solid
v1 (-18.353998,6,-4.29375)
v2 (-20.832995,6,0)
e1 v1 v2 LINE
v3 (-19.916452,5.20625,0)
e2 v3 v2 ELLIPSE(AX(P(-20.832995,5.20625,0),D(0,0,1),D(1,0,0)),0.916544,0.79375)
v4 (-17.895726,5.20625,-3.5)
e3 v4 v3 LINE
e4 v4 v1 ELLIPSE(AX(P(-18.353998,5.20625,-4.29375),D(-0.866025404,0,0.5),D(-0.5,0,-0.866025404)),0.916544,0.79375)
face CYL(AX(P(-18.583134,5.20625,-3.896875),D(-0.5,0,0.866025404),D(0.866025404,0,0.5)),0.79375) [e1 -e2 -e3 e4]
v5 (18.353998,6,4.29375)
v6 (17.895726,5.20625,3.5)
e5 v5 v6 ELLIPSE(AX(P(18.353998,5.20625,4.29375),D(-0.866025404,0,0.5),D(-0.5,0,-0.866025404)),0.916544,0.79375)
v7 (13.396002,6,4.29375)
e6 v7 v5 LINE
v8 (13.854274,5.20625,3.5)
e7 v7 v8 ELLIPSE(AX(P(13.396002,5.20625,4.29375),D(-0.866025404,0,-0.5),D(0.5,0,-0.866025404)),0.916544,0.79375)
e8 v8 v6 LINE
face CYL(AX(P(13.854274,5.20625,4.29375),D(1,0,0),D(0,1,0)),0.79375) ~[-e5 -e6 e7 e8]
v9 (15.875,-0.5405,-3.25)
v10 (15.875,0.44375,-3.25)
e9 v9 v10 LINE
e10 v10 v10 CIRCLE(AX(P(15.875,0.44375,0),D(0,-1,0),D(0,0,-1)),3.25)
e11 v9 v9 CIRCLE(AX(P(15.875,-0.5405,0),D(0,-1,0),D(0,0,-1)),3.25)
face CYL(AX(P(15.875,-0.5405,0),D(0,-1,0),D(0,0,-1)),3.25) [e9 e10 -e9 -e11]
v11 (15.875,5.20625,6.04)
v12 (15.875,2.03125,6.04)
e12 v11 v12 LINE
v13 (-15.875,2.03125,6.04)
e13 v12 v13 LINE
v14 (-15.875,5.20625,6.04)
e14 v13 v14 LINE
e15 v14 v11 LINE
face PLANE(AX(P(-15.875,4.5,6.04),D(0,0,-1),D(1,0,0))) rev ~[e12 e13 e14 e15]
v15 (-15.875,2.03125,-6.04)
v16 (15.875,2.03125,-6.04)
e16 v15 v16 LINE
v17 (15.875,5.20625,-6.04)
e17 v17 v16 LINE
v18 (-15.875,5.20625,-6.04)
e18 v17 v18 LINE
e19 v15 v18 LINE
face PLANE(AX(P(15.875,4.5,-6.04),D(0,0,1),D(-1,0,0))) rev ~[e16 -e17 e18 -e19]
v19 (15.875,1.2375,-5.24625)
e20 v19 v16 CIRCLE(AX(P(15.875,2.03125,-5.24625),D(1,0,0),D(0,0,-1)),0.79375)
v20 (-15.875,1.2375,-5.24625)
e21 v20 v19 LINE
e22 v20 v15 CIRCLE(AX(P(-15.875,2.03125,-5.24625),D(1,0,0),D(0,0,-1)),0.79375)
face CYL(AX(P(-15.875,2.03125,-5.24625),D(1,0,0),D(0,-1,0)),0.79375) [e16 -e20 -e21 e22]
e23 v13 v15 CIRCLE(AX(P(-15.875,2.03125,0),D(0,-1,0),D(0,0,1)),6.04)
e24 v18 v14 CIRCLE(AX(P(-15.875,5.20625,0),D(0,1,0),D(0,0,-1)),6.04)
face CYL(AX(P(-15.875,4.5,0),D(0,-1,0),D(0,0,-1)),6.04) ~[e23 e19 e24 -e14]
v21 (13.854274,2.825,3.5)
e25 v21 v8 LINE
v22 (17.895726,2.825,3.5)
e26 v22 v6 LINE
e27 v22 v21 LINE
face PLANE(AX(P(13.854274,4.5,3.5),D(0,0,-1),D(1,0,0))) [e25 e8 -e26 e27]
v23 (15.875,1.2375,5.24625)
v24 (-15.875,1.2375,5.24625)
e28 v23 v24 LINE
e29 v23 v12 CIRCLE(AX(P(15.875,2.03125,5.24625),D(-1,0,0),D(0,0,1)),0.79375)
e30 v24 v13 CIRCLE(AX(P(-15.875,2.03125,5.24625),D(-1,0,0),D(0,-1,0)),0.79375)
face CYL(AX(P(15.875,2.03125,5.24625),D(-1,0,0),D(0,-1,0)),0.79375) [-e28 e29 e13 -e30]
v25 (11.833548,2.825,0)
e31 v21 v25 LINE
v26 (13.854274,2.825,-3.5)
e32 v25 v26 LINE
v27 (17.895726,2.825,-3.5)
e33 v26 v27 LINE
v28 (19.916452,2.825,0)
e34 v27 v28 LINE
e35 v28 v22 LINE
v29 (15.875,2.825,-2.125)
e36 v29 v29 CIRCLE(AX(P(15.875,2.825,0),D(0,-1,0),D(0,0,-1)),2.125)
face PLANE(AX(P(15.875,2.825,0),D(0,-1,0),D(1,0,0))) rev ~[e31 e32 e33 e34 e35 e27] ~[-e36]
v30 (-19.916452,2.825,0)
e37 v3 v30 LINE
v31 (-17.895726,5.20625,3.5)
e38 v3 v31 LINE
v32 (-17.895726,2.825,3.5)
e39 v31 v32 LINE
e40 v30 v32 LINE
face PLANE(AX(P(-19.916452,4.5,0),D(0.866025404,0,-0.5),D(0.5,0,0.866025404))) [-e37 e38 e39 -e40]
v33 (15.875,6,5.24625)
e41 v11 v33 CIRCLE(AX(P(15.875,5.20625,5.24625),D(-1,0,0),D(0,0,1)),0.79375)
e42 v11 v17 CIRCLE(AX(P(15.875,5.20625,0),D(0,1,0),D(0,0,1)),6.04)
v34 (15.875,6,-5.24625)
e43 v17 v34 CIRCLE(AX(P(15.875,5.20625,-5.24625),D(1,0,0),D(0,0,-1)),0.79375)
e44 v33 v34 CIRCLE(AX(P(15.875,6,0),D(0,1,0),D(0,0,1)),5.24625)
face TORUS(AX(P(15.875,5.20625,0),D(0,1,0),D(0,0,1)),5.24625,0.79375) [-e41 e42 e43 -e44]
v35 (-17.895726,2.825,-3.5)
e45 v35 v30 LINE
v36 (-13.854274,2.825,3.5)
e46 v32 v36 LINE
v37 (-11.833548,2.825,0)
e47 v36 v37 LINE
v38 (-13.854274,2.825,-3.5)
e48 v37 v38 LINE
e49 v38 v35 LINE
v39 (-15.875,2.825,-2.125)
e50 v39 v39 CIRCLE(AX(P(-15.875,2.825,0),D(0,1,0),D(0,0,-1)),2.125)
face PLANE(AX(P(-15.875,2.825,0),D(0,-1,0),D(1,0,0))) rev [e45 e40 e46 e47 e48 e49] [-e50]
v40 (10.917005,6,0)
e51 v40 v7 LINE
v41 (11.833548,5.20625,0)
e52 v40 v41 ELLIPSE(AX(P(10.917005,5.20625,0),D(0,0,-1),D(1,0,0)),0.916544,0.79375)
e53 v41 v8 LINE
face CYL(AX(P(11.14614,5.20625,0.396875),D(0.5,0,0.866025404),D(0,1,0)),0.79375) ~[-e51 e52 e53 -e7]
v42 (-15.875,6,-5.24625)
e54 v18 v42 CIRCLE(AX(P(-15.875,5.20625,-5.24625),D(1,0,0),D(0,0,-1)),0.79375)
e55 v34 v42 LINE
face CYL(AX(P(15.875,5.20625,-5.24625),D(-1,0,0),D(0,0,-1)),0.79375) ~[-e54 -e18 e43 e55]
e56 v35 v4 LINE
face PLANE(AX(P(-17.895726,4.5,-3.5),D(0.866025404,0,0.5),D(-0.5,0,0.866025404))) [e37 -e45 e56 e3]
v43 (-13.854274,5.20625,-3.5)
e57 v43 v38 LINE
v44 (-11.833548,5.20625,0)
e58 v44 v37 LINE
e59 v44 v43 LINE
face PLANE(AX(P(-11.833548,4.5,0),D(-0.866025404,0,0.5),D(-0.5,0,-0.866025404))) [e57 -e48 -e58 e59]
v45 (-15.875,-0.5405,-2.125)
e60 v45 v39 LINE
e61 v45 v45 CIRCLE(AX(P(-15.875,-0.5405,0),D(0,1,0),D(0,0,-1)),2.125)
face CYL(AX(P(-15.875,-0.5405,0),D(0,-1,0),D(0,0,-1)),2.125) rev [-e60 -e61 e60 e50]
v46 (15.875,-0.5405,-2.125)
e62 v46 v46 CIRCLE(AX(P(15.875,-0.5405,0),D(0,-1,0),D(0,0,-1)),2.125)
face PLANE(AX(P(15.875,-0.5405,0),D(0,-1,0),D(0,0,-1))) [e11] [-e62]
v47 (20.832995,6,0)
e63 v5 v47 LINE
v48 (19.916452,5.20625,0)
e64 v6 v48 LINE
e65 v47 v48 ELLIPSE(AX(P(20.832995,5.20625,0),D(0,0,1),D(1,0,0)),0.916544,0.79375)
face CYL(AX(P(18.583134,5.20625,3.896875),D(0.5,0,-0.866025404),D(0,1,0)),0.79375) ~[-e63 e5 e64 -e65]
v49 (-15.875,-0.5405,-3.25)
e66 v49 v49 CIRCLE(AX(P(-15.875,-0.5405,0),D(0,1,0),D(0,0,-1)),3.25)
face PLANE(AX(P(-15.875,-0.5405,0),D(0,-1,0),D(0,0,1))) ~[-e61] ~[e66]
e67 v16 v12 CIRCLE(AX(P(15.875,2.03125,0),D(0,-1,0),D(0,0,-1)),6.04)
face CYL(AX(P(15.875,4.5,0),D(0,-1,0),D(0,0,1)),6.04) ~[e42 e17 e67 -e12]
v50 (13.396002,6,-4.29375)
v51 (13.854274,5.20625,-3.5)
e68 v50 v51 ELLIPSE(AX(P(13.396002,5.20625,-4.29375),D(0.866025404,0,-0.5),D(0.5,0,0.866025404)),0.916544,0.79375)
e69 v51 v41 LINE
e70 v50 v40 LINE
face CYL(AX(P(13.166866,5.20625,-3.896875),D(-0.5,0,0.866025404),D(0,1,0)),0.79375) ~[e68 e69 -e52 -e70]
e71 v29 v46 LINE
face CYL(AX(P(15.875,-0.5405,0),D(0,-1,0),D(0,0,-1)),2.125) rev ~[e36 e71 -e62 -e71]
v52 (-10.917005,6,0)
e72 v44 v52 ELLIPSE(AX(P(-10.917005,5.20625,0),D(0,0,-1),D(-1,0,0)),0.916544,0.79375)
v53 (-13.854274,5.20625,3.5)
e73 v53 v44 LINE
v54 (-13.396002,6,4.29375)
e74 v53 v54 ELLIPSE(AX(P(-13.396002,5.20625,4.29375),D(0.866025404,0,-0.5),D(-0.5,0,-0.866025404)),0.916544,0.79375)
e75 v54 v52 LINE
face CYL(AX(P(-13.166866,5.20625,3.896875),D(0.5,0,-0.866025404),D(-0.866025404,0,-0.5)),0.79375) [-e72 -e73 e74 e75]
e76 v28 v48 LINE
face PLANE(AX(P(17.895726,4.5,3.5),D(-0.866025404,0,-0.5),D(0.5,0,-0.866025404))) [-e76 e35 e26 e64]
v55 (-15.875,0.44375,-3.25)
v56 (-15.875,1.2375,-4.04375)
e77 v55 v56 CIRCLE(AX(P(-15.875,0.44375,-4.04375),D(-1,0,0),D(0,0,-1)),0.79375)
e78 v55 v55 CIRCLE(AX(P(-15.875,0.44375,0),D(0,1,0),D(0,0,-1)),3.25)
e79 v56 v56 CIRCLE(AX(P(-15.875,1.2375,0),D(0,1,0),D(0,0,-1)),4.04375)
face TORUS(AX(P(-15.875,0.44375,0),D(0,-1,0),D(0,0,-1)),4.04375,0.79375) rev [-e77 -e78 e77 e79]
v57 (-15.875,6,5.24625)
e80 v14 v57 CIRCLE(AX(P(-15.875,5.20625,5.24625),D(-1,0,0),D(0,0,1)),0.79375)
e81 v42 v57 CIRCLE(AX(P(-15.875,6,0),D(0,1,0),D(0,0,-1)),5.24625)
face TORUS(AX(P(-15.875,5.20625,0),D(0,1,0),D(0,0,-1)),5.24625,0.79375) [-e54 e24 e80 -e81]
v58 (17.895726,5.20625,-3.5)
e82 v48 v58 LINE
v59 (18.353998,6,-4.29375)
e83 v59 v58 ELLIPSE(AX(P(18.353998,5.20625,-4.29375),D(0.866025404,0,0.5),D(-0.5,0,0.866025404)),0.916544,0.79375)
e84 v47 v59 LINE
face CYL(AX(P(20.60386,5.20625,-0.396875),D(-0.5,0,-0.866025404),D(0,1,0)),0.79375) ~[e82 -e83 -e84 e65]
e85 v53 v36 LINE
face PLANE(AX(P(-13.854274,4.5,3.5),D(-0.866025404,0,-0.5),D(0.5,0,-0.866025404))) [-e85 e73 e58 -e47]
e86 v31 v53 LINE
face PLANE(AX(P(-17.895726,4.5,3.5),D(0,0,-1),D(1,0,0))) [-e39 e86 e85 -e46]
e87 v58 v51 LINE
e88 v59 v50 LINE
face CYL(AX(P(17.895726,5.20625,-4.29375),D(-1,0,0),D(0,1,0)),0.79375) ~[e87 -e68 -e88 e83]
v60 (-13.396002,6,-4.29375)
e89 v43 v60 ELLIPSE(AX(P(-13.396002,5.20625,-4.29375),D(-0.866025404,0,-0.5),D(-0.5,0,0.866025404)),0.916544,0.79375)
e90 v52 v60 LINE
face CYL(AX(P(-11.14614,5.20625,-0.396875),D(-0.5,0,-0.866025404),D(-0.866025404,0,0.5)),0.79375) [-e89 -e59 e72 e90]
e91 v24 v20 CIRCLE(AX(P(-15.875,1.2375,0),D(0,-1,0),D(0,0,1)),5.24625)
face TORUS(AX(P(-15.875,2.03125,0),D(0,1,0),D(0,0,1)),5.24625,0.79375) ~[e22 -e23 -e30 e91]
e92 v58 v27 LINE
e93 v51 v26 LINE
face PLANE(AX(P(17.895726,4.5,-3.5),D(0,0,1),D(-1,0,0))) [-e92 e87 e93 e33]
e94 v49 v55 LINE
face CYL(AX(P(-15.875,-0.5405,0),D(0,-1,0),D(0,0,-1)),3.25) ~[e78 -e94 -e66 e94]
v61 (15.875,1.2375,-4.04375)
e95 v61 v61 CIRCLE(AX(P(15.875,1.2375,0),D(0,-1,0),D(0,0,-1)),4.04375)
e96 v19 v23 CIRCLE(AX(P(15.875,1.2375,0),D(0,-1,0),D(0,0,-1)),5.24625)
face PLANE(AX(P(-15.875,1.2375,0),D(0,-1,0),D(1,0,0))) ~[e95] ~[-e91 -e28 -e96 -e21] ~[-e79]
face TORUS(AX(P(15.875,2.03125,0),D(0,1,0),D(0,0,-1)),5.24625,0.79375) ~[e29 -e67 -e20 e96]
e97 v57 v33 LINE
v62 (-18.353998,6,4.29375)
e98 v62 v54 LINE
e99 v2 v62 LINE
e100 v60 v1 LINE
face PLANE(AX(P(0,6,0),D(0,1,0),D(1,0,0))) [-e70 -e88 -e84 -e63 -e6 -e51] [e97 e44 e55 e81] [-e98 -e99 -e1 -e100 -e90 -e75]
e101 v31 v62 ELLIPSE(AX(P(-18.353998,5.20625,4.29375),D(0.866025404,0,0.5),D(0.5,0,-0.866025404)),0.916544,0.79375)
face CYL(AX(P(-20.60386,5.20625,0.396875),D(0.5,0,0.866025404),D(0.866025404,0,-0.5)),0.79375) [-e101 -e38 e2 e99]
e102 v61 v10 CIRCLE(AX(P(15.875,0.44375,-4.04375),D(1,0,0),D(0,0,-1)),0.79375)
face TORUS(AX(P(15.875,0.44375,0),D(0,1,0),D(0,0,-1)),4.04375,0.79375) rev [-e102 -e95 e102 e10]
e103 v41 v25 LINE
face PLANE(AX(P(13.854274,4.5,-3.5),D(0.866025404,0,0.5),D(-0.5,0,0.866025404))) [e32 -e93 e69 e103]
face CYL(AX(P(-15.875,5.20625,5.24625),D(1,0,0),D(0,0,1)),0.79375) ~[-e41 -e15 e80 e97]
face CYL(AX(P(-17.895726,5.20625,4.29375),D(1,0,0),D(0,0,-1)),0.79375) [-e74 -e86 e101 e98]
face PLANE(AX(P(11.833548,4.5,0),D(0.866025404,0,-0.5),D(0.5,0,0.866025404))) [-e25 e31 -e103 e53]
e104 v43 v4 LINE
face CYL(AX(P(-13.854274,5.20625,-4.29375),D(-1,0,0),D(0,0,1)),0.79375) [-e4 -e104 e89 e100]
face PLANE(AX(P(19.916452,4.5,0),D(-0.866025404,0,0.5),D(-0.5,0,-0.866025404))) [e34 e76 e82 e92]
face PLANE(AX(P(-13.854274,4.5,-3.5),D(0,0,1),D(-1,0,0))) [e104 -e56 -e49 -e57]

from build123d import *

# Parameters (mm, degrees)
BOSS_EXTRUDE1_DEPTH = 4.5
BOSS_EXTRUDE2_DEPTH = 1.5
CUT_EXTRUDE1_DEPTH  = 1.2375
SKETCH6_R           = 2.125
BOSS_EXTRUDE3_DEPTH = 1.5875
BOSS_EXTRUDE4_START = 1.778
SKETCH7_R           = 3.25
SKETCH7_R_2         = 2.125
BOSS_EXTRUDE4_DEPTH = 1.778
FILLET2_R           = 0.79375
FILLET3_R           = 0.79375


with BuildPart() as part:
    # Sketch1 → Boss-Extrude1 (new body)
    with BuildSketch(Plane(origin=(0, 0, 0), x_dir=(1, 0, 0), z_dir=(0, 1, 0))):
        with BuildLine():
            Line((-15.875, 6.04), (15.875, 6.04))
            ThreePointArc((15.875, 6.04), (21.915, 0), (15.875, -6.04))
            Line((15.875, -6.04), (-15.875, -6.04))
            ThreePointArc((-15.875, -6.04), (-21.915, 0), (-15.875, 6.04))
        make_face()
        Polygon((-13.854274058, 3.5), (-17.895725942, 3.5), (-19.916451884, 0), (-17.895725942, -3.5), (-13.854274058, -3.5), (-11.833548116, 0), align=None, mode=Mode.SUBTRACT)
        Polygon((17.895725942, 3.5), (13.854274058, 3.5), (11.833548116, 0), (13.854274058, -3.5), (17.895725942, -3.5), (19.916451884, 0), align=None, mode=Mode.SUBTRACT)
    extrude(amount=BOSS_EXTRUDE1_DEPTH)

    # Sketch2 → Boss-Extrude2 (add)
    with BuildSketch(Plane(origin=(0, 4.5, 0), x_dir=(1, 0, 0), z_dir=(0, 1, 0))):
        with BuildLine():
            Line((15.875, 6.04), (-15.875, 6.04))
            ThreePointArc((-15.875, 6.04), (-21.915, 0), (-15.875, -6.04))
            Line((-15.875, -6.04), (15.875, -6.04))
            ThreePointArc((15.875, -6.04), (21.915, 0), (15.875, 6.04))
        make_face()
        Polygon((19.916451884, 0), (17.895725942, 3.5), (13.854274058, 3.5), (11.833548116, 0), (13.854274058, -3.5), (17.895725942, -3.5), align=None, mode=Mode.SUBTRACT)
        Polygon((-17.895725942, 3.5), (-19.916451884, 0), (-17.895725942, -3.5), (-13.854274058, -3.5), (-11.833548116, 0), (-13.854274058, 3.5), align=None, mode=Mode.SUBTRACT)
    extrude(amount=BOSS_EXTRUDE2_DEPTH)

    # Sketch3 → Cut-Extrude1 (cut)
    with BuildSketch(Plane.XZ):
        with BuildLine():
            Line((15.875, 6.04), (-15.875, 6.04))
            ThreePointArc((-15.875, 6.04), (-21.915, 0), (-15.875, -6.04))
            Line((-15.875, -6.04), (15.875, -6.04))
            ThreePointArc((15.875, -6.04), (21.915, 0), (15.875, 6.04))
        make_face()
    extrude(amount=-CUT_EXTRUDE1_DEPTH, mode=Mode.SUBTRACT)

    # Sketch6 → Boss-Extrude3 (add)
    with BuildSketch(Plane.XZ.offset(-1.2375)):
        Polygon((13.854274058, 3.5), (11.833548116, 0), (13.854274058, -3.5), (17.895725942, -3.5), (19.916451884, 0), (17.895725942, 3.5), align=None)
        with Locations(Location((15.875, 0, 0), (0, 0, 270))):
            Circle(SKETCH6_R, mode=Mode.SUBTRACT)
    boss_extrude3 = extrude(amount=-BOSS_EXTRUDE3_DEPTH)

    # Sketch7 → Boss-Extrude4 (add)
    with BuildSketch(Plane.XZ.offset(-1.2375).offset(BOSS_EXTRUDE4_START)):
        with Locations(Location((15.875, 0, 0), (0, 0, 270))):
            Circle(SKETCH7_R)
        with Locations(Location((15.875, 0, 0), (0, 0, 270))):
            Circle(SKETCH7_R_2, mode=Mode.SUBTRACT)
    boss_extrude4 = extrude(amount=-BOSS_EXTRUDE4_DEPTH)

    # Mirror1: Boss-Extrude3, Boss-Extrude4 across plane
    add(boss_extrude3.mirror(Plane(origin=(0, 0, 0), x_dir=(0, 0, 1), z_dir=(1, 0, 0))))
    add(boss_extrude4.mirror(Plane(origin=(0, 0, 0), x_dir=(0, 0, 1), z_dir=(1, 0, 0))))

    # Fillet2
    fillet2_edges = [part.edges().sort_by_distance(p)[0] for p in [
        (21.915, 1.2375, 0),
        (0, 1.2375, -6.04),
        (-21.915, 1.2375, 0),
        (0, 1.2375, 6.04),
        (15.875, 1.2375, 3.25),
        (-15.875, 1.2375, 3.25),
    ]]
    fillet(fillet2_edges, radius=FILLET2_R)

    # Fillet3
    fillet3_edges = [part.edges().sort_by_distance(p)[0] for p in [
        (21.915, 6, 0),
        (0, 6, -6.04),
        (-21.915, 6, 0),
        (0, 6, 6.04),
        (18.906088913, 6, 1.75),
        (15.875, 6, 3.5),
        (12.843911087, 6, 1.75),
        (12.843911087, 6, -1.75),
        (15.875, 6, -3.5),
        (18.906088913, 6, -1.75),
        (-15.875, 6, -3.5),
        (-12.843911087, 6, -1.75),
        (-12.843911087, 6, 1.75),
        (-15.875, 6, 3.5),
        (-18.906088913, 6, 1.75),
        (-18.906088913, 6, -1.75),
    ]]
    fillet(fillet3_edges, radius=FILLET3_R)


solid = part.part
